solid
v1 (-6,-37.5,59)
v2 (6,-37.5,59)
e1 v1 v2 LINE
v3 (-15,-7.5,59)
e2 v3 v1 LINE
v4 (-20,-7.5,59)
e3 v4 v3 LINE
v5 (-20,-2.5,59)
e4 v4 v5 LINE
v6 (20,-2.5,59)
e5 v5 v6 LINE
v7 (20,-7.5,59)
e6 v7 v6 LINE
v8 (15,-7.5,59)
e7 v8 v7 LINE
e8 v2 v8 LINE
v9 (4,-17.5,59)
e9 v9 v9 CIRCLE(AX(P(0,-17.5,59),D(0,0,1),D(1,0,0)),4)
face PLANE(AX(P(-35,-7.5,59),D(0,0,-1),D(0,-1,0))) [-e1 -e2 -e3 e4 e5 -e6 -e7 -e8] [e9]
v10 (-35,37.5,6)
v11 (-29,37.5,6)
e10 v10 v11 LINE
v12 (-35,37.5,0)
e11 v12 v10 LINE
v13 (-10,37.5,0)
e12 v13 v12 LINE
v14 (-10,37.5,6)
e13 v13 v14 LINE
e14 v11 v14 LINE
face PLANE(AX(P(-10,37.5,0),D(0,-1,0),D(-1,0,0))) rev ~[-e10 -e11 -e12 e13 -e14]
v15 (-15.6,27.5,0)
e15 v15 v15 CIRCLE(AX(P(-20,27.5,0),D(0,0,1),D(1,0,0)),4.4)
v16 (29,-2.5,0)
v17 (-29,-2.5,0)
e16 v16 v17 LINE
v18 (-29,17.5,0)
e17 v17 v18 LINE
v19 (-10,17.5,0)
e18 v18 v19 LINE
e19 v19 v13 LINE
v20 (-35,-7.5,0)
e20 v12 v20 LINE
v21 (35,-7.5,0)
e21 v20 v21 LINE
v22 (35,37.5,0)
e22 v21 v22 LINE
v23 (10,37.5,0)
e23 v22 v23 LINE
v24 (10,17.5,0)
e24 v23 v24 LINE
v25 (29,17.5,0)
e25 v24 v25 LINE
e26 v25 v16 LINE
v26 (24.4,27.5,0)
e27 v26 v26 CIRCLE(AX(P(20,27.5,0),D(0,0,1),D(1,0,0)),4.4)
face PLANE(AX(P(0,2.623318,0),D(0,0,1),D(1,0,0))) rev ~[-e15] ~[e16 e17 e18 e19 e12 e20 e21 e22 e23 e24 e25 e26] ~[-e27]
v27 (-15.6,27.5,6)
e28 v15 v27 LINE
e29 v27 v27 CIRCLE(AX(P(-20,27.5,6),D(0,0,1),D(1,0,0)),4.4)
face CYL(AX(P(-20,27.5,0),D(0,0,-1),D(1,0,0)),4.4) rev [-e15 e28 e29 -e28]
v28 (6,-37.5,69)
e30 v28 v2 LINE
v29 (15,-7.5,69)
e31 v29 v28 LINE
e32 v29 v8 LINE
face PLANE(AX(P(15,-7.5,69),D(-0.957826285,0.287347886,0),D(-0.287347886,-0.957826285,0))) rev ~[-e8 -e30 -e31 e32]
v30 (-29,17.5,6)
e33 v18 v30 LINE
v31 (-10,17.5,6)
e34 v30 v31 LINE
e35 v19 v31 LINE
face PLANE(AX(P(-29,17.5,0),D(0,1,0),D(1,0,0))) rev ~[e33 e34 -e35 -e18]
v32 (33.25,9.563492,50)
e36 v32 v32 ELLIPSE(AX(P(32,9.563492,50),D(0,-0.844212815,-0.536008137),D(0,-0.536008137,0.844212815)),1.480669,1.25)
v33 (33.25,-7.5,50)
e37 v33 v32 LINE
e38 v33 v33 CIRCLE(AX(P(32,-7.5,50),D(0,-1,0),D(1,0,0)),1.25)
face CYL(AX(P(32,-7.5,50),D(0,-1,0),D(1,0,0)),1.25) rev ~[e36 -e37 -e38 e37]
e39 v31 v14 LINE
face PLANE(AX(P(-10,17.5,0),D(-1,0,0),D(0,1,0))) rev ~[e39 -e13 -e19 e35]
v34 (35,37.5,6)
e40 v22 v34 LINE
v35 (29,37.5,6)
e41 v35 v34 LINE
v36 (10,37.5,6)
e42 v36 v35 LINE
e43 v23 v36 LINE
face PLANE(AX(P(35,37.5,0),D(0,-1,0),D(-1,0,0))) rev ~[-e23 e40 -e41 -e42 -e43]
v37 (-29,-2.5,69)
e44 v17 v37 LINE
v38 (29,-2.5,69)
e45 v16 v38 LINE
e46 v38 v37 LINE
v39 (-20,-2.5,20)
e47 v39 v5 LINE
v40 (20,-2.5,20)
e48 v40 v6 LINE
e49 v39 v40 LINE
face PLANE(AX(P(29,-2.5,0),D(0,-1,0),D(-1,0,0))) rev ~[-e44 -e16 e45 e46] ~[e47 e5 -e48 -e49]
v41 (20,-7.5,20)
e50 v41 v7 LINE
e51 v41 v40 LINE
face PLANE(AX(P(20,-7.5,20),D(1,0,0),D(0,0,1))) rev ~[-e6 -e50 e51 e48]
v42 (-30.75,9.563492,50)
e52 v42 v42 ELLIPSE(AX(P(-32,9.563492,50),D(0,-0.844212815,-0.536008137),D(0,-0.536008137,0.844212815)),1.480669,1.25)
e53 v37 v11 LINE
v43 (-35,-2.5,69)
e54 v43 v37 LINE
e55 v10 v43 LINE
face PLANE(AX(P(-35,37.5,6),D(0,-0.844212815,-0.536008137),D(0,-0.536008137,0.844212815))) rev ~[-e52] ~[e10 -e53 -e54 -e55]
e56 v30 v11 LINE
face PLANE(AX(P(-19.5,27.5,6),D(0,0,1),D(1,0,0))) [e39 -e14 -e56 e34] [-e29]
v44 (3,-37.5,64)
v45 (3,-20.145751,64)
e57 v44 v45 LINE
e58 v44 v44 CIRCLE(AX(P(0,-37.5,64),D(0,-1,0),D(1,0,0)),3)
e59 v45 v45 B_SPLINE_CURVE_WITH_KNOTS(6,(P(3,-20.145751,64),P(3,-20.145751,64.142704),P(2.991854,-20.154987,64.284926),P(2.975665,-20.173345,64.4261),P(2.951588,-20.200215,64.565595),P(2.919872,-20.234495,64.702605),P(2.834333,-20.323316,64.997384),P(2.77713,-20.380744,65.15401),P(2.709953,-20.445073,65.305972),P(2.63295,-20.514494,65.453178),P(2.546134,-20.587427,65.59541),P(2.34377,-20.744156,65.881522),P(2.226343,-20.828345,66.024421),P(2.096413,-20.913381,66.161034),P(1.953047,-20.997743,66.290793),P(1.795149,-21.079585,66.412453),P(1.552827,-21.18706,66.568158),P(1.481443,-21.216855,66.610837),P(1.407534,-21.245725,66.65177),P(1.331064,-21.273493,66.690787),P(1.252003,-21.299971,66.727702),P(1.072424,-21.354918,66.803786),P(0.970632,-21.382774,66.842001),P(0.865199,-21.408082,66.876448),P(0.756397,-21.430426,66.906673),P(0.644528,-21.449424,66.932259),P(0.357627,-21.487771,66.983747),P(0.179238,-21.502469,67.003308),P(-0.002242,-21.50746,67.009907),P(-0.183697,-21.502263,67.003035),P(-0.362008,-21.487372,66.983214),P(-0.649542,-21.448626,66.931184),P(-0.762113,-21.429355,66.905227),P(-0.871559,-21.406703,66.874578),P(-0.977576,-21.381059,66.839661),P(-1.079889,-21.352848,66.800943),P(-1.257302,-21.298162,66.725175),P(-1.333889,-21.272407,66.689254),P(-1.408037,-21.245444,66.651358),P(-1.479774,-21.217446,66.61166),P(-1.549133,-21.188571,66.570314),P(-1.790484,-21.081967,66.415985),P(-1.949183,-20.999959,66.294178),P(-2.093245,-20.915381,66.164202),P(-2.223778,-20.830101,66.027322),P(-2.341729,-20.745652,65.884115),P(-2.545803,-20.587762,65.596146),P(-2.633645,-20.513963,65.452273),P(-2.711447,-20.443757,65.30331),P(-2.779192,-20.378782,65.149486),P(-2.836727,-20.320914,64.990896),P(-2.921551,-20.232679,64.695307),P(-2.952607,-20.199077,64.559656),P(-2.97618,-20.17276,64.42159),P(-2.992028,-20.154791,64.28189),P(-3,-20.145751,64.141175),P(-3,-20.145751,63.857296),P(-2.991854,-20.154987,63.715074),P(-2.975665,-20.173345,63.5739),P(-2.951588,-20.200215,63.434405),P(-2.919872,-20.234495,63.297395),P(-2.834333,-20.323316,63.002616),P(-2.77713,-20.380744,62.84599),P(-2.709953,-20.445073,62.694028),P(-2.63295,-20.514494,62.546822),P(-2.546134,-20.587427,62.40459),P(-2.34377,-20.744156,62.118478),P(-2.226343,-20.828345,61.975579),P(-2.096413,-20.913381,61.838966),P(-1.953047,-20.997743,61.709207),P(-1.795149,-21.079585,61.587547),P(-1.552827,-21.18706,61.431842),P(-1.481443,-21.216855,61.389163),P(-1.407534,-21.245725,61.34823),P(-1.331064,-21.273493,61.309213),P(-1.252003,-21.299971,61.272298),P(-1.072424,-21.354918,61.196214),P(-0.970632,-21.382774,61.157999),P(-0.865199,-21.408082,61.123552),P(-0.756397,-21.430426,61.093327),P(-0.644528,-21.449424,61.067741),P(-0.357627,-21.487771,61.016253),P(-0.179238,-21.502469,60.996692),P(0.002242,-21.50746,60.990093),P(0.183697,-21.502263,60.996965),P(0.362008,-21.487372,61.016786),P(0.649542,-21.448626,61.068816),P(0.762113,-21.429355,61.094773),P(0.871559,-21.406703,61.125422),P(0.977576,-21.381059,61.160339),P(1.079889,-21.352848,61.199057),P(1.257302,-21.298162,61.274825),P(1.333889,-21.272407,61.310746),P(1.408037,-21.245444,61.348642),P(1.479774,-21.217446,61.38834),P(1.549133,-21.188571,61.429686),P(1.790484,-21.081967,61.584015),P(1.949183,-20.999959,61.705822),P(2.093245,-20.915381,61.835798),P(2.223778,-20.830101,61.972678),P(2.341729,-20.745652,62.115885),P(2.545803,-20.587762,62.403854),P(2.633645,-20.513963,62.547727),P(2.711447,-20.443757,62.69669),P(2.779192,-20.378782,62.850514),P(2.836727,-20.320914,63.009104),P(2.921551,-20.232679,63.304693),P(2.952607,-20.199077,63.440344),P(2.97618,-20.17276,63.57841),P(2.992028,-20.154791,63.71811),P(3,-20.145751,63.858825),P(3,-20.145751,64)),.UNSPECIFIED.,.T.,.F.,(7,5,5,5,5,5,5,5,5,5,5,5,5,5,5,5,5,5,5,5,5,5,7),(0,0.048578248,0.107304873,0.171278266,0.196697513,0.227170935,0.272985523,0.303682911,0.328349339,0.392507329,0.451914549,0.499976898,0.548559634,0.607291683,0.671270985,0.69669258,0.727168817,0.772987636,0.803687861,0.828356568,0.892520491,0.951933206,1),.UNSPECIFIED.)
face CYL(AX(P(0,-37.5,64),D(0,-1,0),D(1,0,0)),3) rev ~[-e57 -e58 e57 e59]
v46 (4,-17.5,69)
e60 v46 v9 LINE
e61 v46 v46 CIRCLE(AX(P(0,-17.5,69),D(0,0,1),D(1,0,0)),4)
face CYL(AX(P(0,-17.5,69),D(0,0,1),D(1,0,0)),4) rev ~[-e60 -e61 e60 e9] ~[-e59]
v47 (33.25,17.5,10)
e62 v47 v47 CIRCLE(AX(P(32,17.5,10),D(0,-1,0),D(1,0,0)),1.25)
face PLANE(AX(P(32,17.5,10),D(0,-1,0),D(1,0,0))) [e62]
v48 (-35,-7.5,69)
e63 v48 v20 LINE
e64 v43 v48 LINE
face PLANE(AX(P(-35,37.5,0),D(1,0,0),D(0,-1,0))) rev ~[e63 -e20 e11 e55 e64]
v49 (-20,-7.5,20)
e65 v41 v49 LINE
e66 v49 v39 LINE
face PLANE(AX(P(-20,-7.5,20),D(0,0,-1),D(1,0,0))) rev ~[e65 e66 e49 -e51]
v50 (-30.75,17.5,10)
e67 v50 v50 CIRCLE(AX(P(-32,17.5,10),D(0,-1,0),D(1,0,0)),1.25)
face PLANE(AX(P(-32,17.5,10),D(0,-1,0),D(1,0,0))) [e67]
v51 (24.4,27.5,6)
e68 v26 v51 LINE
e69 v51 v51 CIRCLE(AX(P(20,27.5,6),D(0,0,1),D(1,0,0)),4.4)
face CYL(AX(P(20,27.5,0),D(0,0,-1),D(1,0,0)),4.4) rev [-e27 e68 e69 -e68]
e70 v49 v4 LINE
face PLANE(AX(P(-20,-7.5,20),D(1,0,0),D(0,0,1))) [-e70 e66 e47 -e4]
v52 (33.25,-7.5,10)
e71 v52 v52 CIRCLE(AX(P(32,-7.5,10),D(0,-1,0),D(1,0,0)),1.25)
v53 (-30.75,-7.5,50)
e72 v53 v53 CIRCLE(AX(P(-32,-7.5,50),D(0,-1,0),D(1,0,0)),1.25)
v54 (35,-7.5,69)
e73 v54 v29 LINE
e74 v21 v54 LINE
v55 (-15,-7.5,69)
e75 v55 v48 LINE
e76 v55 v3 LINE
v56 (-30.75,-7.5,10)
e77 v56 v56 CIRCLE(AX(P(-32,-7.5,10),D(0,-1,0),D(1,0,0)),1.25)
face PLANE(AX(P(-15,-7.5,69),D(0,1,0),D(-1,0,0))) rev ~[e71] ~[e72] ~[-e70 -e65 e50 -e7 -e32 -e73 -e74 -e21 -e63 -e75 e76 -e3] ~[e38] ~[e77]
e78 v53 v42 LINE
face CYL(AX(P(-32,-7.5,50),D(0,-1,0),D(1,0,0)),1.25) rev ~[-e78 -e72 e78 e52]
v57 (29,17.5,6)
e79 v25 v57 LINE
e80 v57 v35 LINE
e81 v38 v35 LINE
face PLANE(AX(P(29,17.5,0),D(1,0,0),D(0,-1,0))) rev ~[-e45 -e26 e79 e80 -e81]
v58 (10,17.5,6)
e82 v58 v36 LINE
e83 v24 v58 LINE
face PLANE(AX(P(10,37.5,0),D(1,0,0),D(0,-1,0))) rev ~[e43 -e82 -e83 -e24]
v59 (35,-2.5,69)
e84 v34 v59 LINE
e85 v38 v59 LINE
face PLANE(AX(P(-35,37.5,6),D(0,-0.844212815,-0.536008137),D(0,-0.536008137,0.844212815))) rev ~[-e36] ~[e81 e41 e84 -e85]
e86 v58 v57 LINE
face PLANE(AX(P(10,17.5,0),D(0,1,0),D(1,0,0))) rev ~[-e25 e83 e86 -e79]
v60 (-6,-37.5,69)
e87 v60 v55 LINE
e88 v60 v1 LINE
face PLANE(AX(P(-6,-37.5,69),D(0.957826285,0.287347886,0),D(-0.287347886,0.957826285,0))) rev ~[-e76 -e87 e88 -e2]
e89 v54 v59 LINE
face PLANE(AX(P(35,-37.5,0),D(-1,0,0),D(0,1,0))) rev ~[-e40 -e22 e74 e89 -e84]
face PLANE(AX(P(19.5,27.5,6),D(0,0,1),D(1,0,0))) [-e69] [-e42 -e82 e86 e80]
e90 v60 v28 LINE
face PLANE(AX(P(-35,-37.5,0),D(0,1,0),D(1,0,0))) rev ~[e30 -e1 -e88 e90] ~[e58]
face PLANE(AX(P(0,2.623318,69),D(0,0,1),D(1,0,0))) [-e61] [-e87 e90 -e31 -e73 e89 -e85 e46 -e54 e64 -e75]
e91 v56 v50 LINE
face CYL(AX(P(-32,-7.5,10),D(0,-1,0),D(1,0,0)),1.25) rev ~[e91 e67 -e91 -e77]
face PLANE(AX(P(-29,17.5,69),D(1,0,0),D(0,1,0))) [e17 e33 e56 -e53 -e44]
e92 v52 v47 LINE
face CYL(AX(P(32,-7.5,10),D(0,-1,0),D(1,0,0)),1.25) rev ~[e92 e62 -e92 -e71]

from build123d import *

# Parameters (mm, degrees)
F0_R      = 4.4
F1_DEPTH  = 69
F2_W      = 30
F2_H      = 59
F3_DEPTH  = 70.001
F4_W      = 19
F4_H      = 20
F4_R      = 4.4
F5_DEPTH  = 63
F7_DEPTH  = 70.001
F8_W      = 40
F8_H      = 39
F9_DEPTH  = 45.001
F10_R     = 4
F11_DEPTH = 69.001
F12_R     = 3
F13_DEPTH = 17.3552487891
F15_DEPTH = 69.001
F16_R     = 1.25
F17_DEPTH = 25


with BuildPart() as f1:
    # F0 (on Top) → F1 (new body)
    with BuildSketch(Plane.XY):
        Polygon((-35, -37.5), (35, -37.5), (35, 37.5), (10, 37.5), (10, 17.5), (29, 17.5), (29, -2.5), (-29, -2.5), (-29, 17.5), (-10, 17.5), (-10, 37.5), (-35, 37.5), align=None)
        with Locations((-20, 27.5)):
            Circle(F0_R, mode=Mode.SUBTRACT)
        with Locations((20, 27.5)):
            Circle(F0_R, mode=Mode.SUBTRACT)
    extrude(amount=F1_DEPTH)

    # F2 (on face) → F3 (cut, through all)
    with BuildSketch(Plane(origin=(-35, 0, 0), x_dir=(0, -1, 0), z_dir=(-1, 0, 0))):
        with Locations((22.5, 29.5)):
            Rectangle(F2_W, F2_H)
    extrude(amount=-F3_DEPTH, mode=Mode.SUBTRACT)

    # F4 (on face) → F5 (cut)
    with BuildSketch(Plane.XY.offset(69)):
        with Locations((19.5, 27.5)):
            Rectangle(F4_W, F4_H)
        with Locations((20, 27.5)):
            Circle(F4_R, mode=Mode.SUBTRACT)
        with Locations((-19.5, 27.5)):
            Rectangle(F4_W, F4_H)
        with Locations((-20, 27.5)):
            Circle(F4_R, mode=Mode.SUBTRACT)
    extrude(amount=-F5_DEPTH, mode=Mode.SUBTRACT)

    # F6 (on face) → F7 (cut, through all)
    with BuildSketch(Plane(origin=(-35, 0, 0), x_dir=(0, -1, 0), z_dir=(-1, 0, 0))):
        Polygon((2.5, 69), (-37.5, 69), (-37.5, 6), align=None)
    extrude(amount=-F7_DEPTH, mode=Mode.SUBTRACT)

    # F8 (on face) → F9 (cut, through all)
    with BuildSketch(Plane.XZ.offset(7.5)):
        with Locations((0, 39.5)):
            Rectangle(F8_W, F8_H)
    extrude(amount=-F9_DEPTH, mode=Mode.SUBTRACT)

    # F10 (on face) → F11 (cut, through all)
    with BuildSketch(Plane.XY.offset(69)):
        with Locations((0, -17.5)):
            Circle(F10_R)
    extrude(amount=-F11_DEPTH, mode=Mode.SUBTRACT)

    # F12 (on face) → F13 (cut, through all)
    with BuildSketch(Plane.XZ.offset(37.5)):
        with Locations((0, 64)):
            Circle(F12_R)
    extrude(amount=-F13_DEPTH, mode=Mode.SUBTRACT)

    # F14 (on face) → F15 (cut, through all)
    with BuildSketch(Plane.XY.offset(69)):
        Polygon((-15, -7.5), (-35, -7.5), (-35, -37.5), (-6, -37.5), align=None)
        Polygon((15, -7.5), (6, -37.5), (35, -37.5), (35, -7.5), align=None)
    extrude(amount=-F15_DEPTH, mode=Mode.SUBTRACT)

    # F16 (on face) → F17 (cut)
    with BuildSketch(Plane.XZ.offset(7.5)):
        with Locations((-32, 50)):
            Circle(F16_R)
        with Locations((-32, 10)):
            Circle(F16_R)
        with Locations((32, 50)):
            Circle(F16_R)
        with Locations((32, 10)):
            Circle(F16_R)
    extrude(amount=-F17_DEPTH, mode=Mode.SUBTRACT)


solid = f1.part
